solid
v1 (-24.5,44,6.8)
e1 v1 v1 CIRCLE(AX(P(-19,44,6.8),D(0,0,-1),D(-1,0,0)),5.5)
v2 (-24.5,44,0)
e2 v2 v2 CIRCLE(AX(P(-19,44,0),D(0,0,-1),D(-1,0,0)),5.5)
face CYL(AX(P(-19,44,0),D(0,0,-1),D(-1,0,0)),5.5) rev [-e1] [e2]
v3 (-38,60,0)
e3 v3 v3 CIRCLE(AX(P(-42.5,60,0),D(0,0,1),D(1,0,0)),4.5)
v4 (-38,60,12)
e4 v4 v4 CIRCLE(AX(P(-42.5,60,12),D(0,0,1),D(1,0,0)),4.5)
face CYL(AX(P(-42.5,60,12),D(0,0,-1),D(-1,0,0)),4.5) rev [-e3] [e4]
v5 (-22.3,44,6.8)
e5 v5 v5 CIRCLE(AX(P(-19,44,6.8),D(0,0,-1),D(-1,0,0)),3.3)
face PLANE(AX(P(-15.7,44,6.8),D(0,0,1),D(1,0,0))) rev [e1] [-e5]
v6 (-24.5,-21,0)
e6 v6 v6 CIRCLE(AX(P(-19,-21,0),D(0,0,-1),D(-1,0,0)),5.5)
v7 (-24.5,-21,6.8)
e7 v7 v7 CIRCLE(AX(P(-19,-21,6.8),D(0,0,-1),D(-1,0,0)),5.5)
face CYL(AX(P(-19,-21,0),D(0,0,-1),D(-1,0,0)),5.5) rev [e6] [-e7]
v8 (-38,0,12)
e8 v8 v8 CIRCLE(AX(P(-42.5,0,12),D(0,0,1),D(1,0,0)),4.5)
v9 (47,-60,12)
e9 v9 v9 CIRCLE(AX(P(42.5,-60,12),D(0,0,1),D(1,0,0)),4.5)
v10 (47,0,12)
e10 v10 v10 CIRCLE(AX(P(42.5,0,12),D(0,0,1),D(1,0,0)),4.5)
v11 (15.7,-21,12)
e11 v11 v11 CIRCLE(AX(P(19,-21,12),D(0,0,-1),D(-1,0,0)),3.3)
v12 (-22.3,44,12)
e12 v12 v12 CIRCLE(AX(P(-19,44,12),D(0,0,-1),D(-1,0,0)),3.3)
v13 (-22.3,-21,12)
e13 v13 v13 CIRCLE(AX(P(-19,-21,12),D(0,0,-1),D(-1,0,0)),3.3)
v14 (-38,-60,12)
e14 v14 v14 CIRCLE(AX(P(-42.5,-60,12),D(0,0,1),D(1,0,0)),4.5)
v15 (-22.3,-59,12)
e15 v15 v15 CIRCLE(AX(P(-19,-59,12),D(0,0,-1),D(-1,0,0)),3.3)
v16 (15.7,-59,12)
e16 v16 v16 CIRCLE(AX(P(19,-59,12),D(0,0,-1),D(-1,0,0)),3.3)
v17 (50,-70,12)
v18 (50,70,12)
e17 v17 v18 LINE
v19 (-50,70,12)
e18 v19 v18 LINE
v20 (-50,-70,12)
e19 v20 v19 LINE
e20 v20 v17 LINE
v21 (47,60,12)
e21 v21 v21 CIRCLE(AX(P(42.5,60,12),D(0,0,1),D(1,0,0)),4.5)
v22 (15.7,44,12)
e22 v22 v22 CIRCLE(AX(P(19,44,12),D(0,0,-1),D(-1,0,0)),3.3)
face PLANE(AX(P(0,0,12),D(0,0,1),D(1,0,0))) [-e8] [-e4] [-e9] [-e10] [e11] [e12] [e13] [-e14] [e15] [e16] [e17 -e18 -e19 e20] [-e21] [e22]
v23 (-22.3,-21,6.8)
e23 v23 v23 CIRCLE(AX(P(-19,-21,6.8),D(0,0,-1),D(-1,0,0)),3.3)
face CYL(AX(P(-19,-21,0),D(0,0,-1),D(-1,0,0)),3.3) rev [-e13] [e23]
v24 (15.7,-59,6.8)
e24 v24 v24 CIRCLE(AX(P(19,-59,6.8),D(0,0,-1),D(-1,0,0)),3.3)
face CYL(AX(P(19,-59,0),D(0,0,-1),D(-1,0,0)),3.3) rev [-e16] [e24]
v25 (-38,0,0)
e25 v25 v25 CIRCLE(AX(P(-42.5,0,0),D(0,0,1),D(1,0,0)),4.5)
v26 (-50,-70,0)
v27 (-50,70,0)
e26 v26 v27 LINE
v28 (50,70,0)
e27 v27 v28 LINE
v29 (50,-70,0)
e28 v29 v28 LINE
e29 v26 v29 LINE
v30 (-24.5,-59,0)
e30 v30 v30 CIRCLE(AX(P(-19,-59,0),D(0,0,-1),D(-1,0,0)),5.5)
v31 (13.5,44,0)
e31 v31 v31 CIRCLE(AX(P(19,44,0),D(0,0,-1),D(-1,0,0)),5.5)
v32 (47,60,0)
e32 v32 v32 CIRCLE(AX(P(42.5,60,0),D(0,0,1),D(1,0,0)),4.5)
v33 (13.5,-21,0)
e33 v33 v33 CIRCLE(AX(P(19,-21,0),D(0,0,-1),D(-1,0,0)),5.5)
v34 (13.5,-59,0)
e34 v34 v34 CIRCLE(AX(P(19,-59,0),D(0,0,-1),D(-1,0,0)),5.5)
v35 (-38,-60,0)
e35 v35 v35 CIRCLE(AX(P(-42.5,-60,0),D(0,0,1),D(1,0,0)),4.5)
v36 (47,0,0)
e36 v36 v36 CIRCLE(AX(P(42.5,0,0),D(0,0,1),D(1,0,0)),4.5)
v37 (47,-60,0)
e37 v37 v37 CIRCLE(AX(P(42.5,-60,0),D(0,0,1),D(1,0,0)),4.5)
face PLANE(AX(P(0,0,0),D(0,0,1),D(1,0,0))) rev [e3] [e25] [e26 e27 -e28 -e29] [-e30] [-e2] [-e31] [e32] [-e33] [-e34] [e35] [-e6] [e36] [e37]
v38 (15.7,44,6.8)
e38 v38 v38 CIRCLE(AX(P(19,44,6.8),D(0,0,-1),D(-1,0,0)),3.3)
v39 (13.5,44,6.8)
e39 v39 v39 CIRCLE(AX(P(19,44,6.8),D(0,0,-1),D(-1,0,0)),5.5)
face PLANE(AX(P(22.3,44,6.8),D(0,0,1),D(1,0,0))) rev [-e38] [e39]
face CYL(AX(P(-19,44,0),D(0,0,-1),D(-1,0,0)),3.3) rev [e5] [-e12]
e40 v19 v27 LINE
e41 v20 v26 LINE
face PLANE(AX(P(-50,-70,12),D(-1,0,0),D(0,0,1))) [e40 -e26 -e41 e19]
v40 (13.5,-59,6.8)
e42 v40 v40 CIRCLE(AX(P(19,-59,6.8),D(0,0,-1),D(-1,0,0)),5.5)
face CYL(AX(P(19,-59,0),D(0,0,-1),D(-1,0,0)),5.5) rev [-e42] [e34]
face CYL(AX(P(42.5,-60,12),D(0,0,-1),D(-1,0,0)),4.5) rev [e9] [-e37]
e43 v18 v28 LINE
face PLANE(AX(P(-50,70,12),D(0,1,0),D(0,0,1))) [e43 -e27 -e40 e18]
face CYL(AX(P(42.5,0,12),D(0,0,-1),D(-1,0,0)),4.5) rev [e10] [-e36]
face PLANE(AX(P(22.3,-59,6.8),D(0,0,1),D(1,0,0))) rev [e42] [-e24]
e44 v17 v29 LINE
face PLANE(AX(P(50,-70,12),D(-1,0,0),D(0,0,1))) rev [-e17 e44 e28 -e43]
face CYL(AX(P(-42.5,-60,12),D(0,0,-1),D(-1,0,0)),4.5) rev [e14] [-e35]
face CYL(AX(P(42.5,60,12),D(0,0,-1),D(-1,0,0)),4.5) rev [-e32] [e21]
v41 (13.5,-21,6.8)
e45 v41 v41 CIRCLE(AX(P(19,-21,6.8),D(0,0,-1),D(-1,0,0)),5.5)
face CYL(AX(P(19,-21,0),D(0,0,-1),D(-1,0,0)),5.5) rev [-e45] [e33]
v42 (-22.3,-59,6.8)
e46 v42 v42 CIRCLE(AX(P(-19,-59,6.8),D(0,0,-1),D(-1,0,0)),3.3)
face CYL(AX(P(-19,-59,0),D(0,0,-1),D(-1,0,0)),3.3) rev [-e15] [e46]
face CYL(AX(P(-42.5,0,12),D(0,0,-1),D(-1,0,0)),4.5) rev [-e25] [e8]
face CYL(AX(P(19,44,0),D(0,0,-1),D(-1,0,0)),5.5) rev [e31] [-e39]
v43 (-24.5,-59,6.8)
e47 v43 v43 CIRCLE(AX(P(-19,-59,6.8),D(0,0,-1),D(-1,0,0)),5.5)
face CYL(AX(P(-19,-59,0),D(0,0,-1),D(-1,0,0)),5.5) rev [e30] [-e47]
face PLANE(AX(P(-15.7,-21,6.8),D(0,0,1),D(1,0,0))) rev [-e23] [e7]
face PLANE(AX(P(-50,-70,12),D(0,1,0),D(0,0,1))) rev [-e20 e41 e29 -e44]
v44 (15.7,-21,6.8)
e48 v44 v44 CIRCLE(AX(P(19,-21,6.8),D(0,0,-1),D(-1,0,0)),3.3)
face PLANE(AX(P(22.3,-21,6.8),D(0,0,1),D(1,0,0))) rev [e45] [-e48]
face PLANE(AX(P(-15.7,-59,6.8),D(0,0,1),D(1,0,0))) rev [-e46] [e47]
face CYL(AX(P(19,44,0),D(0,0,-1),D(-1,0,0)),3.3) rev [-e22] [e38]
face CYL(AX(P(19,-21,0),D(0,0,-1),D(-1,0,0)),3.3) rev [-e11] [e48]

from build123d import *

# Parameters (mm, degrees)
SKETCH_1_W                  = 100
SKETCH_1_H                  = 140
SKETCH_1_R                  = 4.5
EXTRUDE_1_DEPTH             = 12
HOLE_WIZARD_1_D             = 6.6
HOLE_WIZARD_1_CBORE_D       = 11
HOLE_WIZARD_1_CBORE_DEPTH   = 6.8
PATTERN_LINEAR_1_COUNT      = 2
PATTERN_LINEAR_1_PITCH      = 38
PATTERN_LINEAR_1_COUNT_DIR2 = 2
PATTERN_LINEAR_1_PITCH_DIR2 = 38
HOLE_WIZARD_0_D             = 6.6
HOLE_WIZARD_0_CBORE_D       = 11
HOLE_WIZARD_0_CBORE_DEPTH   = 6.8
PATTERN_LINEAR_2_COUNT      = 2
PATTERN_LINEAR_2_PITCH      = 38


with BuildPart() as part:
    # 草图1 → 凸台-拉伸1 (new body)
    with BuildSketch(Plane.XY):
        Rectangle(SKETCH_1_W, SKETCH_1_H)
        with Locations((-42.5, -60)):
            Circle(SKETCH_1_R, mode=Mode.SUBTRACT)
        with Locations((42.5, -60)):
            Circle(SKETCH_1_R, mode=Mode.SUBTRACT)
        with Locations((42.5, 0)):
            Circle(SKETCH_1_R, mode=Mode.SUBTRACT)
        with Locations((42.5, 60)):
            Circle(SKETCH_1_R, mode=Mode.SUBTRACT)
        with Locations((-42.5, 0)):
            Circle(SKETCH_1_R, mode=Mode.SUBTRACT)
        with Locations((-42.5, 60)):
            Circle(SKETCH_1_R, mode=Mode.SUBTRACT)
    extrude(amount=EXTRUDE_1_DEPTH)

    # 打孔尺寸(%根据)内六角圆柱头螺钉的类型1 (through all)
    with Locations(Plane(origin=(0, 0, 0), x_dir=(-1, 0, 0), z_dir=(0, 0, -1))):
        with Locations((-19, -59)):
            hole_wizard_1 = CounterBoreHole(HOLE_WIZARD_1_D / 2, HOLE_WIZARD_1_CBORE_D / 2, HOLE_WIZARD_1_CBORE_DEPTH)

    # 阵列(线性)1: Hole Wizard 1 2 × 2
    with Locations(*[(-j * PATTERN_LINEAR_1_PITCH_DIR2, i * PATTERN_LINEAR_1_PITCH, 0) for i in range(PATTERN_LINEAR_1_COUNT) for j in range(PATTERN_LINEAR_1_COUNT_DIR2) if (i, j) != (0, 0)]):
        add(hole_wizard_1, mode=Mode.SUBTRACT)

    # 打孔尺寸(%根据)内六角圆柱头螺钉的类型0 (through all)
    with Locations(Plane(origin=(0, 0, 0), x_dir=(-1, 0, 0), z_dir=(0, 0, -1))):
        with Locations((-19, 44)):
            hole_wizard_0 = CounterBoreHole(HOLE_WIZARD_0_D / 2, HOLE_WIZARD_0_CBORE_D / 2, HOLE_WIZARD_0_CBORE_DEPTH)

    # 阵列(线性)2: 打孔尺寸(%根据)内六角圆柱头螺钉的类型0 ×2
    with Locations(*[(-i * PATTERN_LINEAR_2_PITCH, 0, 0) for i in range(1, PATTERN_LINEAR_2_COUNT)]):
        add(hole_wizard_0, mode=Mode.SUBTRACT)


solid = part.part
